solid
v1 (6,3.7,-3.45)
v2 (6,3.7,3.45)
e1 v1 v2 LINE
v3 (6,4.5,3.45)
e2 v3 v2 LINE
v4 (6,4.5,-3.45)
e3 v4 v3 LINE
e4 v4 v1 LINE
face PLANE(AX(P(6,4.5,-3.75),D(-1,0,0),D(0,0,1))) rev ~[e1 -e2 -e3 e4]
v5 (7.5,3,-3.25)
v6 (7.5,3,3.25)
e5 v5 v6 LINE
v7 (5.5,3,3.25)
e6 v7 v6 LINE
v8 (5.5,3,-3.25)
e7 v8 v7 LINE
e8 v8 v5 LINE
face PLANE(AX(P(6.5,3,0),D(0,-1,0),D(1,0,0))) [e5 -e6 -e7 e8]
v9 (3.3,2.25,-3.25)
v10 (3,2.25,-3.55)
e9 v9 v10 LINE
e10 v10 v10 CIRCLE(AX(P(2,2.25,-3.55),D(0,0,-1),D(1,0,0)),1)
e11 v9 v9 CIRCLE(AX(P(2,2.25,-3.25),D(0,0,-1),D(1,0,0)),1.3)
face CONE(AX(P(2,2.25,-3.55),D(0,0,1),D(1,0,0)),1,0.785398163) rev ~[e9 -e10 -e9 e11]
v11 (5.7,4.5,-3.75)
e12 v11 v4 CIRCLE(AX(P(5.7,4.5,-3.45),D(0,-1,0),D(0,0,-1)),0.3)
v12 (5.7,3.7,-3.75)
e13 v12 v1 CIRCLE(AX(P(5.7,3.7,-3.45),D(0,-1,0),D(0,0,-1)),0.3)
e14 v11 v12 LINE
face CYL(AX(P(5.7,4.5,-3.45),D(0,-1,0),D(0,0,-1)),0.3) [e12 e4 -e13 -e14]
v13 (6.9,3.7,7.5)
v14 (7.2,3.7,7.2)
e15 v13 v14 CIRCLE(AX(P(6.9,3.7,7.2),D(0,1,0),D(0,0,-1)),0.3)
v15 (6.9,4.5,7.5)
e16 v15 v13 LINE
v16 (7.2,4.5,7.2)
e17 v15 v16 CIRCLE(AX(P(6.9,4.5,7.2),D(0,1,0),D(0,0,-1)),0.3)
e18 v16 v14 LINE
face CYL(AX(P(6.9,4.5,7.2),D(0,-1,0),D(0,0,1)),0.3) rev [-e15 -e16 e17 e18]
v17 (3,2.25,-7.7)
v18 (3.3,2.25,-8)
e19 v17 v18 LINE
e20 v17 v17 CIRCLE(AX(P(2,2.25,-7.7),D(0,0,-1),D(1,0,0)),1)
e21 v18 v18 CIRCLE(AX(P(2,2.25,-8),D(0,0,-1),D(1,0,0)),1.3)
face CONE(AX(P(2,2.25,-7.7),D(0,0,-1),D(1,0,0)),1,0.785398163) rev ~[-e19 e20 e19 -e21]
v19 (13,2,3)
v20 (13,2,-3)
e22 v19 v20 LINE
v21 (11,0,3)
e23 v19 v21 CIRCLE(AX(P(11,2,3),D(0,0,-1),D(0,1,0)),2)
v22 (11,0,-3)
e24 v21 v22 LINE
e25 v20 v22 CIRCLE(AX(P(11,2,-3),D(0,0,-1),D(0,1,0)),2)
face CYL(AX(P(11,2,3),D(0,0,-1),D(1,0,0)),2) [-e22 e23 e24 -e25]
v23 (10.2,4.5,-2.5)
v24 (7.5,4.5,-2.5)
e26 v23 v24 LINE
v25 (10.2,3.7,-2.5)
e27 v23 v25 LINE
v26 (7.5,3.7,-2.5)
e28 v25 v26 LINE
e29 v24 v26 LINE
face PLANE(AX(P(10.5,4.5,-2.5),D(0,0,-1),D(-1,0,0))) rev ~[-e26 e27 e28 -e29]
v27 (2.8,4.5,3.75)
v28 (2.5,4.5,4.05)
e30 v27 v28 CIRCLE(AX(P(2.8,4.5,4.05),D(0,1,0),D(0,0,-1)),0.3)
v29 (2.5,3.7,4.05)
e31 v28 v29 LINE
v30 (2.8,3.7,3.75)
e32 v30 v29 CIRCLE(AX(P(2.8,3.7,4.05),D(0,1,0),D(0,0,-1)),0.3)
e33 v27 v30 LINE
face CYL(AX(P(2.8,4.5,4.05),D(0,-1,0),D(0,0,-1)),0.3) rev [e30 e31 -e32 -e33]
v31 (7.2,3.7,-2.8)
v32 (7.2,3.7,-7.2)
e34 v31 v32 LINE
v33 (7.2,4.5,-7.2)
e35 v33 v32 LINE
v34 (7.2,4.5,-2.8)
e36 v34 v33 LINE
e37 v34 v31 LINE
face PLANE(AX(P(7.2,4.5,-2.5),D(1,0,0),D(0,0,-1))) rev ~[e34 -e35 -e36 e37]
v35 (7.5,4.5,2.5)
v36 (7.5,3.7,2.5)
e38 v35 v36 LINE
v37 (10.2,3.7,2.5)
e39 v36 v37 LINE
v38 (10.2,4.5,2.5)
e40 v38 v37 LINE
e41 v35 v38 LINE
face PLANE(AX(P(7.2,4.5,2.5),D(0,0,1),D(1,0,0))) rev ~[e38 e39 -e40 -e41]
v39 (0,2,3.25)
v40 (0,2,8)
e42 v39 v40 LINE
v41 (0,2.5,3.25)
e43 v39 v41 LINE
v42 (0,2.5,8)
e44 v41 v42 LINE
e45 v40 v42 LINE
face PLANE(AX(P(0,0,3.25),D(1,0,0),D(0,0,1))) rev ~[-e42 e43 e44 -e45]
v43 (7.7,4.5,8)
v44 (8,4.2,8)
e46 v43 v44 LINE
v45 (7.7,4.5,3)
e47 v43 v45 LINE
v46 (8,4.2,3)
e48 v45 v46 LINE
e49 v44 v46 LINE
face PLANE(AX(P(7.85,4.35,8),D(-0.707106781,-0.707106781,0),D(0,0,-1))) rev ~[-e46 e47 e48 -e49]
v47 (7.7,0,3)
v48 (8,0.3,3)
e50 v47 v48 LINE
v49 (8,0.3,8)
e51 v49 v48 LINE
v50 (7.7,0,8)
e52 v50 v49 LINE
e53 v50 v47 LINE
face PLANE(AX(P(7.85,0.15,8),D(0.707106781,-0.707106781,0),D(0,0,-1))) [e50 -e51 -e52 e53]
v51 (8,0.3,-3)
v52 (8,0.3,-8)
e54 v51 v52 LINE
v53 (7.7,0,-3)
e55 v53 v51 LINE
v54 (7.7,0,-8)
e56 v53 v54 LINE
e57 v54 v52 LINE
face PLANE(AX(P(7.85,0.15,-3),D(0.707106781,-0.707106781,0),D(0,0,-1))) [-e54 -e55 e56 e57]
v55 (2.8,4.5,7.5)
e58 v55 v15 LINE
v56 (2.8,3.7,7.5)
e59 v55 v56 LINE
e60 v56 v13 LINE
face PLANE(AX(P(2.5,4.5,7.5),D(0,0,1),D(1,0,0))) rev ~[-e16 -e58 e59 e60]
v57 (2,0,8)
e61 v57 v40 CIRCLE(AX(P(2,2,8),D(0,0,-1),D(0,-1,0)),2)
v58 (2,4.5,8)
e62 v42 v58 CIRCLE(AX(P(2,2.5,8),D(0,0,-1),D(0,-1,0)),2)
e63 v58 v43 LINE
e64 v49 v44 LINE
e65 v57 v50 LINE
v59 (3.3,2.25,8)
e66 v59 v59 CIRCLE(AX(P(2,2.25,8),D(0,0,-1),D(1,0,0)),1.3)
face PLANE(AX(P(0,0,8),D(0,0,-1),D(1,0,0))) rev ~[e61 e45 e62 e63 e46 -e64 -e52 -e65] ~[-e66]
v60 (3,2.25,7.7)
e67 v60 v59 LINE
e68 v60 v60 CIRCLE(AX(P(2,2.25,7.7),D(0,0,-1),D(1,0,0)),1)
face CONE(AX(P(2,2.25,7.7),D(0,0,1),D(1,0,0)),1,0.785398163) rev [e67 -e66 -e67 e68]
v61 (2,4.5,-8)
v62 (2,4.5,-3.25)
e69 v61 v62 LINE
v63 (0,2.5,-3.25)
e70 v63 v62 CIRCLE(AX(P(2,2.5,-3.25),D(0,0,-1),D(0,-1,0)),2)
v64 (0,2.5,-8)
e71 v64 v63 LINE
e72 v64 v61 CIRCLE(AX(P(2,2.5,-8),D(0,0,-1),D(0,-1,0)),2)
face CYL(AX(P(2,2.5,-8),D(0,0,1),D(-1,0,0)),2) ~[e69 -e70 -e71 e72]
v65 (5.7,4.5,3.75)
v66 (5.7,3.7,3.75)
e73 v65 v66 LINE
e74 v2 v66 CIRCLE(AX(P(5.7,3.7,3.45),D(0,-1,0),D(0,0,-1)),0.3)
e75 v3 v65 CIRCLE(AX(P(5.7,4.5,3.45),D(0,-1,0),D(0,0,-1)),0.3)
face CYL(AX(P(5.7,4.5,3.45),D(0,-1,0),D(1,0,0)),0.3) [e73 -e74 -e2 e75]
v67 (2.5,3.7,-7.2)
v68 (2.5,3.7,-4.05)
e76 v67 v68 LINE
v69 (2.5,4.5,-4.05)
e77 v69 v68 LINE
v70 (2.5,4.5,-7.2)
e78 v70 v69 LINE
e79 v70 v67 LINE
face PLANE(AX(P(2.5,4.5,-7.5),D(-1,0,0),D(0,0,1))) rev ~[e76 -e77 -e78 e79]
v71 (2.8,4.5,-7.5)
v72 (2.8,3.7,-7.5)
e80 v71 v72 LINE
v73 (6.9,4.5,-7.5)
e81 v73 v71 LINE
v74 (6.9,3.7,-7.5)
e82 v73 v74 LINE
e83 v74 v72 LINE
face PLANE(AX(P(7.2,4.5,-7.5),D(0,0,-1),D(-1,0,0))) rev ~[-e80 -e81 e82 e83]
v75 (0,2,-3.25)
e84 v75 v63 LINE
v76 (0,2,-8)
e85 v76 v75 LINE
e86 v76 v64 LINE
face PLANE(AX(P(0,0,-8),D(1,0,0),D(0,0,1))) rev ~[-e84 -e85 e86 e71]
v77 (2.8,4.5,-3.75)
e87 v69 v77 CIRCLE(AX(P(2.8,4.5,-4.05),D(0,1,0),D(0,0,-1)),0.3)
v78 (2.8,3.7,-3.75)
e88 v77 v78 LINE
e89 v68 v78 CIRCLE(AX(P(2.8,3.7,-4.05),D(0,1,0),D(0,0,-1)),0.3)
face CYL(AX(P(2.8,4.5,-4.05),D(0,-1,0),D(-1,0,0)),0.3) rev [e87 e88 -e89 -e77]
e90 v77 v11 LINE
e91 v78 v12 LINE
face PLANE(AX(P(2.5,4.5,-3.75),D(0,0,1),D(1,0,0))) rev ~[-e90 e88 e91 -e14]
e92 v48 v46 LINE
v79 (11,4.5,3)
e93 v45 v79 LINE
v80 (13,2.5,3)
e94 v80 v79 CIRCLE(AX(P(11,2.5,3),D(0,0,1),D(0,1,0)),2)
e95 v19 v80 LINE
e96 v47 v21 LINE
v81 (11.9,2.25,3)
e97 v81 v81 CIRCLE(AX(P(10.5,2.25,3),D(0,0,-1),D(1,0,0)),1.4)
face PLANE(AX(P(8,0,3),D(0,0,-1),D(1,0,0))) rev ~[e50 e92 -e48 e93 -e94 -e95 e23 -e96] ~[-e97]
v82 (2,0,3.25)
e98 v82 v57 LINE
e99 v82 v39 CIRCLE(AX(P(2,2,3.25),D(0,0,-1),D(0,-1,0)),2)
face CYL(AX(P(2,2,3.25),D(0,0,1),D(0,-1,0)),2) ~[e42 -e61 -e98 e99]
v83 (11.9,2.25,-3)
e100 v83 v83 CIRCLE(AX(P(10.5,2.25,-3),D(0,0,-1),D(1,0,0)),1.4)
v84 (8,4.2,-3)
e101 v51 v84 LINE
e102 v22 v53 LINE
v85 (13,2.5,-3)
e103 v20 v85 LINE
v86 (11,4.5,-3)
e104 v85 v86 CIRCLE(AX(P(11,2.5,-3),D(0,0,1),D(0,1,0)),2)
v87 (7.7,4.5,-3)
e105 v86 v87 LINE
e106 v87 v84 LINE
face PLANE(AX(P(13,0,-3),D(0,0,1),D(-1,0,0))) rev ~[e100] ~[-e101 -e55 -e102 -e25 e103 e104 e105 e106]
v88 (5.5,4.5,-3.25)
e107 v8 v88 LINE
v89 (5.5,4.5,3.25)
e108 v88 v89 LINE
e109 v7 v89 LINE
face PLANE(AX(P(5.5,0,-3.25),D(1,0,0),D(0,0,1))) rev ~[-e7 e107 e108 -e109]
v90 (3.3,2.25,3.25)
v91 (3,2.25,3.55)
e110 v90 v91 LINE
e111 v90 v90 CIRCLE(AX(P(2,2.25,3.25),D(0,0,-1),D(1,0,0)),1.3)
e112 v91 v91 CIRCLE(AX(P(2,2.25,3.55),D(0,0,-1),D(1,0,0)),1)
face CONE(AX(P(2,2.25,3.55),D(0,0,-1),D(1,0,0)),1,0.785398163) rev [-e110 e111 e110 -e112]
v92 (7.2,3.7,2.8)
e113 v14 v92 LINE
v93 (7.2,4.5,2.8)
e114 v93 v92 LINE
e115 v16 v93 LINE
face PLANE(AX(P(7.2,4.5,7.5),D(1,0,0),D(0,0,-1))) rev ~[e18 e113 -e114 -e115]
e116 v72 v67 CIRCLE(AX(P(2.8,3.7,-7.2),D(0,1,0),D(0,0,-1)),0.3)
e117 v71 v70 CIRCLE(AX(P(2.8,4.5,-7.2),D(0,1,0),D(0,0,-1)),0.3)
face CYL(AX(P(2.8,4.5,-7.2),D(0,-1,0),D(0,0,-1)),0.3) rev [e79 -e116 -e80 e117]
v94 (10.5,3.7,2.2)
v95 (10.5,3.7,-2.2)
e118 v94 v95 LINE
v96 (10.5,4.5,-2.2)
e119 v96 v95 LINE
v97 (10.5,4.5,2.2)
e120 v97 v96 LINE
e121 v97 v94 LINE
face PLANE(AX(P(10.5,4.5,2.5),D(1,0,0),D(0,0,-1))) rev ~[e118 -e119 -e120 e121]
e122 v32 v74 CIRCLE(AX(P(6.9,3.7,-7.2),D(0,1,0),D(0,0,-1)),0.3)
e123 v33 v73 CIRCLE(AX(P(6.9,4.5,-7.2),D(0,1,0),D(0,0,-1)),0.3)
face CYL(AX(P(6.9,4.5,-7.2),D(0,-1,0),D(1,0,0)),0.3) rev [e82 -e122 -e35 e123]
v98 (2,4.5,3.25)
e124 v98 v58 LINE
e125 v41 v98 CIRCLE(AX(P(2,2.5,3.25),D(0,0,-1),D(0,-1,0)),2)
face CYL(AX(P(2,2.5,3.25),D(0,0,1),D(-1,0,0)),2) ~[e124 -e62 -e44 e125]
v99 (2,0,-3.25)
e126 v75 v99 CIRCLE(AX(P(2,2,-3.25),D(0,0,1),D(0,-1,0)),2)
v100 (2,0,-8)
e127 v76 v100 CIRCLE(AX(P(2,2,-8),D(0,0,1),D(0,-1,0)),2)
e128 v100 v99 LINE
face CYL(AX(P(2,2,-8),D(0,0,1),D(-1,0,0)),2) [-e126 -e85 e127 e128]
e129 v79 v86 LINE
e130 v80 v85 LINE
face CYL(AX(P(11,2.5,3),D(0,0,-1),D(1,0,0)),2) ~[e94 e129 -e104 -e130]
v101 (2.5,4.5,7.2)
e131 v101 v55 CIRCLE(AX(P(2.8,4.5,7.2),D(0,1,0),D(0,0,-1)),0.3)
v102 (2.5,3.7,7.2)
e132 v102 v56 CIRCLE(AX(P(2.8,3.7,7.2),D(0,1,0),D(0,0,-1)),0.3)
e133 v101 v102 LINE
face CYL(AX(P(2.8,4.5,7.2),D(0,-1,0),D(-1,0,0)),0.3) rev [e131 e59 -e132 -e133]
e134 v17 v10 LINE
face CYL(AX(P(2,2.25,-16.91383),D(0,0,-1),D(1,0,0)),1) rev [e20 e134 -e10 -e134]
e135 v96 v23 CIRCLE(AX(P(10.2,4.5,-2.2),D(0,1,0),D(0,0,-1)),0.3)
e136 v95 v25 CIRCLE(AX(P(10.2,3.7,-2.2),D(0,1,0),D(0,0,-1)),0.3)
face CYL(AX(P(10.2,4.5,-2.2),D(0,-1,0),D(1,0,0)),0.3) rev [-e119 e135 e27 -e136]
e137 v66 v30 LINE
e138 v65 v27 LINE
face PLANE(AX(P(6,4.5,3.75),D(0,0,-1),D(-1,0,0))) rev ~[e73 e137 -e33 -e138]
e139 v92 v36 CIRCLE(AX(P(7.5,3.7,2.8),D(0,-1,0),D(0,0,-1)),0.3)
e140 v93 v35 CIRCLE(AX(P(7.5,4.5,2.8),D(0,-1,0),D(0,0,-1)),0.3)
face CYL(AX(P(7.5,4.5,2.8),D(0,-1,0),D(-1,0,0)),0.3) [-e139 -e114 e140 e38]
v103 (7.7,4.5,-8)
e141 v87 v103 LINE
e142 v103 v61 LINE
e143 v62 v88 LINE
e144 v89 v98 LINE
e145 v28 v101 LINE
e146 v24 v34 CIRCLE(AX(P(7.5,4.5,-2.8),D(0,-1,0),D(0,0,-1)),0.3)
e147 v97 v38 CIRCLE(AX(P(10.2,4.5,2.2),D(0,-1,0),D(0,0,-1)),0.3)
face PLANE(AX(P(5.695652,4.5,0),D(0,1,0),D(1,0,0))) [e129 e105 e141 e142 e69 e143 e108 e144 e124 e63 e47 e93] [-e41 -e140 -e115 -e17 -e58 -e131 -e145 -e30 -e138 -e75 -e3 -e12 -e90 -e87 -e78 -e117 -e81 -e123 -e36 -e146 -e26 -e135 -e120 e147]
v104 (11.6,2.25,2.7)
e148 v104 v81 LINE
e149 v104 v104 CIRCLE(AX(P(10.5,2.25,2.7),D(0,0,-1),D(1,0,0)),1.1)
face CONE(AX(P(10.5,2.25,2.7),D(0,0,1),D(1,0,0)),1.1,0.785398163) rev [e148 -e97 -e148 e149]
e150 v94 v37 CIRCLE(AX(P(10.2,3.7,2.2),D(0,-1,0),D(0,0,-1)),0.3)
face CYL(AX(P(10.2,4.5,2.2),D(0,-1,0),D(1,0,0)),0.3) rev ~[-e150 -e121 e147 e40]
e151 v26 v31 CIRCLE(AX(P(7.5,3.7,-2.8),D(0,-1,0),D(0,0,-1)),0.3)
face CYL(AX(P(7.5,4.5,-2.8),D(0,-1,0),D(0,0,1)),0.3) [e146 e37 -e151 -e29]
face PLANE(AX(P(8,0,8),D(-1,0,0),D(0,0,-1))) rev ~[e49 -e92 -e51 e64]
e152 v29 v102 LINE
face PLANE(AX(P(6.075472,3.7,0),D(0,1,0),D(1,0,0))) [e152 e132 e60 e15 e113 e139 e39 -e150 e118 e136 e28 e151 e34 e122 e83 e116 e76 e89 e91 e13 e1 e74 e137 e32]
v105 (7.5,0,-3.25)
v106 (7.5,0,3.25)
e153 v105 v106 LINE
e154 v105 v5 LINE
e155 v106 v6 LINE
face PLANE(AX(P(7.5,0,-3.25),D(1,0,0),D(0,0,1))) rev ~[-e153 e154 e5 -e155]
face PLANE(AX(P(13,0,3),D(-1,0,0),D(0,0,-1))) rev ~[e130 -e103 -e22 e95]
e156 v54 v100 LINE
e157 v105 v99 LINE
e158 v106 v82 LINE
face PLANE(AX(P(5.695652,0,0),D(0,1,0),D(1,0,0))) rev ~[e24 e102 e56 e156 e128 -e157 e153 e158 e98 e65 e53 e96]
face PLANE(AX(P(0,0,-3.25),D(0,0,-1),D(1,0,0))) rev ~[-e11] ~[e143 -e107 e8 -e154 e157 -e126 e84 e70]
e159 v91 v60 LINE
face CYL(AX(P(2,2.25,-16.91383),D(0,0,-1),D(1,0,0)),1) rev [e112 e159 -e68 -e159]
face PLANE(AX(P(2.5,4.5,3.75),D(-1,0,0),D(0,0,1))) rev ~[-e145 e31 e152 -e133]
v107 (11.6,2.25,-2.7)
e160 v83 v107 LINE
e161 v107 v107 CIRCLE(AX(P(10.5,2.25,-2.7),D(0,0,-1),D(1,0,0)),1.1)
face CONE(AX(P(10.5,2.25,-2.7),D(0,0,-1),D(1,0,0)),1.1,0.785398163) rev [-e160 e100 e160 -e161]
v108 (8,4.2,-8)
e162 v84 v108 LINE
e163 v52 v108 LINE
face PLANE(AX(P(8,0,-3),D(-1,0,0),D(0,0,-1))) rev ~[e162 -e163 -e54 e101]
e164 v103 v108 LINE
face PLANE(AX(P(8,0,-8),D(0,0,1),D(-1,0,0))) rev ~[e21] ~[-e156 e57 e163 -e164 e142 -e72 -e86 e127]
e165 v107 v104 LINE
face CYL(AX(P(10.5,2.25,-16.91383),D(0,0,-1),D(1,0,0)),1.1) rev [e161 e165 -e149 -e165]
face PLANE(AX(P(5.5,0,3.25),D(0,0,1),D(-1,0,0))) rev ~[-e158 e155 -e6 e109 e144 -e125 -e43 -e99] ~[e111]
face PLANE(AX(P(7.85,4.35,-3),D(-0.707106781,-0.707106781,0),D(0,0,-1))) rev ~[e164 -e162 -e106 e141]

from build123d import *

# Parameters (mm, degrees)
GRUNDK_RPER_DEPTH         = 4.5
ACHSBOHHRUNGEN_DEPTH      = 16.913830463
ACHSBOHHRUNGEN_DEPTH_BACK = 16.913830463
SKIZZE2_R                 = 1
SKIZZE2_R_2               = 1.1
SKIZZE3_W                 = 2
SKIZZE3_H                 = 6.5
AUSSCHNITT_ZAHN_DEPTH     = 3
VERRUNDUNG2_R             = 2
FASE1_SIZE                = 0.3
FASE2_SIZE                = 0.3
MOOSGUMMIVERTIEFUNG_DEPTH = 0.8
VERRUNDUNG8_R             = 0.3


with BuildPart() as part:
    # Skizze1 → Grundkörper (new body)
    with BuildSketch(Plane(origin=(0, 0, 0), x_dir=(1, 0, 0), z_dir=(0, 1, 0))):
        Polygon((5.5, 3.25), (5.5, -3.25), (0, -3.25), (0, -8), (8, -8), (8, -3), (13, -3), (13, 3), (8, 3), (8, 8), (0, 8), (0, 3.25), align=None)
    extrude(amount=GRUNDK_RPER_DEPTH)

    # Skizze2 → Achsbohhrungen (cut, two sides: drawn at the far end of the back side and taken through both)
    with BuildSketch(Plane.XY.offset(-ACHSBOHHRUNGEN_DEPTH_BACK)):
        with Locations((2, 2.25)):
            Circle(SKIZZE2_R)
        with Locations((10.5, 2.25)):
            Circle(SKIZZE2_R_2)
    extrude(amount=ACHSBOHHRUNGEN_DEPTH + ACHSBOHHRUNGEN_DEPTH_BACK, mode=Mode.SUBTRACT)

    # Skizze3 → Ausschnitt Zahn (cut)
    with BuildSketch(Plane.XZ):
        with Locations((6.5, 0)):
            Rectangle(SKIZZE3_W, SKIZZE3_H)
    extrude(amount=-AUSSCHNITT_ZAHN_DEPTH, mode=Mode.SUBTRACT)

    # Verrundung2
    verrundung2_edges = [part.edges().sort_by_distance(p)[0] for p in [
        (0, 0, -5.625),
        (13, 0, 0),
        (0, 0, 5.625),
        (13, 4.5, 0),
        (0, 4.5, -5.625),
        (0, 4.5, 5.625),
    ]]
    fillet(verrundung2_edges, radius=VERRUNDUNG2_R)

    # Fase1
    fase1_edges = [part.edges().sort_by_distance(p)[0] for p in [
        (8, 0, -5.5),
        (8, 4.5, 5.5),
        (8, 0, 5.5),
        (8, 4.5, -5.5),
    ]]
    chamfer(fase1_edges, length=FASE1_SIZE)

    # Fase2
    fase2_edges = [part.edges().sort_by_distance(p)[0] for p in [
        (1, 2.25, 3.25),
        (1, 2.25, -8),
        (1, 2.25, -3.25),
        (1, 2.25, 8),
        (9.4, 2.25, -3),
        (9.4, 2.25, 3),
    ]]
    chamfer(fase2_edges, length=FASE2_SIZE)

    # Skizze6 → MoosgummiVertiefung (cut)
    with BuildSketch(Plane(origin=(0, 4.5, 0), x_dir=(1, 0, 0), z_dir=(0, 1, 0))):
        Polygon((10.5, -2.5), (10.5, 2.5), (7.2, 2.5), (7.2, 7.5), (2.5, 7.5), (2.5, 3.75), (6, 3.75), (6, -3.75), (2.5, -3.75), (2.5, -7.5), (7.2, -7.5), (7.2, -2.5), align=None)
    extrude(amount=-MOOSGUMMIVERTIEFUNG_DEPTH, mode=Mode.SUBTRACT)

    # Verrundung8
    verrundung8_edges = [part.edges().sort_by_distance(p)[0] for p in [
        (10.5, 4.1, 2.5),
        (7.2, 4.1, 2.5),
        (7.2, 4.1, 7.5),
        (2.5, 4.1, 7.5),
        (2.5, 4.1, 3.75),
        (6, 4.1, 3.75),
        (6, 4.1, -3.75),
        (2.5, 4.1, -3.75),
        (2.5, 4.1, -7.5),
        (7.2, 4.1, -7.5),
        (7.2, 4.1, -2.5),
        (10.5, 4.1, -2.5),
    ]]
    fillet(verrundung8_edges, radius=VERRUNDUNG8_R)


solid = part.part
